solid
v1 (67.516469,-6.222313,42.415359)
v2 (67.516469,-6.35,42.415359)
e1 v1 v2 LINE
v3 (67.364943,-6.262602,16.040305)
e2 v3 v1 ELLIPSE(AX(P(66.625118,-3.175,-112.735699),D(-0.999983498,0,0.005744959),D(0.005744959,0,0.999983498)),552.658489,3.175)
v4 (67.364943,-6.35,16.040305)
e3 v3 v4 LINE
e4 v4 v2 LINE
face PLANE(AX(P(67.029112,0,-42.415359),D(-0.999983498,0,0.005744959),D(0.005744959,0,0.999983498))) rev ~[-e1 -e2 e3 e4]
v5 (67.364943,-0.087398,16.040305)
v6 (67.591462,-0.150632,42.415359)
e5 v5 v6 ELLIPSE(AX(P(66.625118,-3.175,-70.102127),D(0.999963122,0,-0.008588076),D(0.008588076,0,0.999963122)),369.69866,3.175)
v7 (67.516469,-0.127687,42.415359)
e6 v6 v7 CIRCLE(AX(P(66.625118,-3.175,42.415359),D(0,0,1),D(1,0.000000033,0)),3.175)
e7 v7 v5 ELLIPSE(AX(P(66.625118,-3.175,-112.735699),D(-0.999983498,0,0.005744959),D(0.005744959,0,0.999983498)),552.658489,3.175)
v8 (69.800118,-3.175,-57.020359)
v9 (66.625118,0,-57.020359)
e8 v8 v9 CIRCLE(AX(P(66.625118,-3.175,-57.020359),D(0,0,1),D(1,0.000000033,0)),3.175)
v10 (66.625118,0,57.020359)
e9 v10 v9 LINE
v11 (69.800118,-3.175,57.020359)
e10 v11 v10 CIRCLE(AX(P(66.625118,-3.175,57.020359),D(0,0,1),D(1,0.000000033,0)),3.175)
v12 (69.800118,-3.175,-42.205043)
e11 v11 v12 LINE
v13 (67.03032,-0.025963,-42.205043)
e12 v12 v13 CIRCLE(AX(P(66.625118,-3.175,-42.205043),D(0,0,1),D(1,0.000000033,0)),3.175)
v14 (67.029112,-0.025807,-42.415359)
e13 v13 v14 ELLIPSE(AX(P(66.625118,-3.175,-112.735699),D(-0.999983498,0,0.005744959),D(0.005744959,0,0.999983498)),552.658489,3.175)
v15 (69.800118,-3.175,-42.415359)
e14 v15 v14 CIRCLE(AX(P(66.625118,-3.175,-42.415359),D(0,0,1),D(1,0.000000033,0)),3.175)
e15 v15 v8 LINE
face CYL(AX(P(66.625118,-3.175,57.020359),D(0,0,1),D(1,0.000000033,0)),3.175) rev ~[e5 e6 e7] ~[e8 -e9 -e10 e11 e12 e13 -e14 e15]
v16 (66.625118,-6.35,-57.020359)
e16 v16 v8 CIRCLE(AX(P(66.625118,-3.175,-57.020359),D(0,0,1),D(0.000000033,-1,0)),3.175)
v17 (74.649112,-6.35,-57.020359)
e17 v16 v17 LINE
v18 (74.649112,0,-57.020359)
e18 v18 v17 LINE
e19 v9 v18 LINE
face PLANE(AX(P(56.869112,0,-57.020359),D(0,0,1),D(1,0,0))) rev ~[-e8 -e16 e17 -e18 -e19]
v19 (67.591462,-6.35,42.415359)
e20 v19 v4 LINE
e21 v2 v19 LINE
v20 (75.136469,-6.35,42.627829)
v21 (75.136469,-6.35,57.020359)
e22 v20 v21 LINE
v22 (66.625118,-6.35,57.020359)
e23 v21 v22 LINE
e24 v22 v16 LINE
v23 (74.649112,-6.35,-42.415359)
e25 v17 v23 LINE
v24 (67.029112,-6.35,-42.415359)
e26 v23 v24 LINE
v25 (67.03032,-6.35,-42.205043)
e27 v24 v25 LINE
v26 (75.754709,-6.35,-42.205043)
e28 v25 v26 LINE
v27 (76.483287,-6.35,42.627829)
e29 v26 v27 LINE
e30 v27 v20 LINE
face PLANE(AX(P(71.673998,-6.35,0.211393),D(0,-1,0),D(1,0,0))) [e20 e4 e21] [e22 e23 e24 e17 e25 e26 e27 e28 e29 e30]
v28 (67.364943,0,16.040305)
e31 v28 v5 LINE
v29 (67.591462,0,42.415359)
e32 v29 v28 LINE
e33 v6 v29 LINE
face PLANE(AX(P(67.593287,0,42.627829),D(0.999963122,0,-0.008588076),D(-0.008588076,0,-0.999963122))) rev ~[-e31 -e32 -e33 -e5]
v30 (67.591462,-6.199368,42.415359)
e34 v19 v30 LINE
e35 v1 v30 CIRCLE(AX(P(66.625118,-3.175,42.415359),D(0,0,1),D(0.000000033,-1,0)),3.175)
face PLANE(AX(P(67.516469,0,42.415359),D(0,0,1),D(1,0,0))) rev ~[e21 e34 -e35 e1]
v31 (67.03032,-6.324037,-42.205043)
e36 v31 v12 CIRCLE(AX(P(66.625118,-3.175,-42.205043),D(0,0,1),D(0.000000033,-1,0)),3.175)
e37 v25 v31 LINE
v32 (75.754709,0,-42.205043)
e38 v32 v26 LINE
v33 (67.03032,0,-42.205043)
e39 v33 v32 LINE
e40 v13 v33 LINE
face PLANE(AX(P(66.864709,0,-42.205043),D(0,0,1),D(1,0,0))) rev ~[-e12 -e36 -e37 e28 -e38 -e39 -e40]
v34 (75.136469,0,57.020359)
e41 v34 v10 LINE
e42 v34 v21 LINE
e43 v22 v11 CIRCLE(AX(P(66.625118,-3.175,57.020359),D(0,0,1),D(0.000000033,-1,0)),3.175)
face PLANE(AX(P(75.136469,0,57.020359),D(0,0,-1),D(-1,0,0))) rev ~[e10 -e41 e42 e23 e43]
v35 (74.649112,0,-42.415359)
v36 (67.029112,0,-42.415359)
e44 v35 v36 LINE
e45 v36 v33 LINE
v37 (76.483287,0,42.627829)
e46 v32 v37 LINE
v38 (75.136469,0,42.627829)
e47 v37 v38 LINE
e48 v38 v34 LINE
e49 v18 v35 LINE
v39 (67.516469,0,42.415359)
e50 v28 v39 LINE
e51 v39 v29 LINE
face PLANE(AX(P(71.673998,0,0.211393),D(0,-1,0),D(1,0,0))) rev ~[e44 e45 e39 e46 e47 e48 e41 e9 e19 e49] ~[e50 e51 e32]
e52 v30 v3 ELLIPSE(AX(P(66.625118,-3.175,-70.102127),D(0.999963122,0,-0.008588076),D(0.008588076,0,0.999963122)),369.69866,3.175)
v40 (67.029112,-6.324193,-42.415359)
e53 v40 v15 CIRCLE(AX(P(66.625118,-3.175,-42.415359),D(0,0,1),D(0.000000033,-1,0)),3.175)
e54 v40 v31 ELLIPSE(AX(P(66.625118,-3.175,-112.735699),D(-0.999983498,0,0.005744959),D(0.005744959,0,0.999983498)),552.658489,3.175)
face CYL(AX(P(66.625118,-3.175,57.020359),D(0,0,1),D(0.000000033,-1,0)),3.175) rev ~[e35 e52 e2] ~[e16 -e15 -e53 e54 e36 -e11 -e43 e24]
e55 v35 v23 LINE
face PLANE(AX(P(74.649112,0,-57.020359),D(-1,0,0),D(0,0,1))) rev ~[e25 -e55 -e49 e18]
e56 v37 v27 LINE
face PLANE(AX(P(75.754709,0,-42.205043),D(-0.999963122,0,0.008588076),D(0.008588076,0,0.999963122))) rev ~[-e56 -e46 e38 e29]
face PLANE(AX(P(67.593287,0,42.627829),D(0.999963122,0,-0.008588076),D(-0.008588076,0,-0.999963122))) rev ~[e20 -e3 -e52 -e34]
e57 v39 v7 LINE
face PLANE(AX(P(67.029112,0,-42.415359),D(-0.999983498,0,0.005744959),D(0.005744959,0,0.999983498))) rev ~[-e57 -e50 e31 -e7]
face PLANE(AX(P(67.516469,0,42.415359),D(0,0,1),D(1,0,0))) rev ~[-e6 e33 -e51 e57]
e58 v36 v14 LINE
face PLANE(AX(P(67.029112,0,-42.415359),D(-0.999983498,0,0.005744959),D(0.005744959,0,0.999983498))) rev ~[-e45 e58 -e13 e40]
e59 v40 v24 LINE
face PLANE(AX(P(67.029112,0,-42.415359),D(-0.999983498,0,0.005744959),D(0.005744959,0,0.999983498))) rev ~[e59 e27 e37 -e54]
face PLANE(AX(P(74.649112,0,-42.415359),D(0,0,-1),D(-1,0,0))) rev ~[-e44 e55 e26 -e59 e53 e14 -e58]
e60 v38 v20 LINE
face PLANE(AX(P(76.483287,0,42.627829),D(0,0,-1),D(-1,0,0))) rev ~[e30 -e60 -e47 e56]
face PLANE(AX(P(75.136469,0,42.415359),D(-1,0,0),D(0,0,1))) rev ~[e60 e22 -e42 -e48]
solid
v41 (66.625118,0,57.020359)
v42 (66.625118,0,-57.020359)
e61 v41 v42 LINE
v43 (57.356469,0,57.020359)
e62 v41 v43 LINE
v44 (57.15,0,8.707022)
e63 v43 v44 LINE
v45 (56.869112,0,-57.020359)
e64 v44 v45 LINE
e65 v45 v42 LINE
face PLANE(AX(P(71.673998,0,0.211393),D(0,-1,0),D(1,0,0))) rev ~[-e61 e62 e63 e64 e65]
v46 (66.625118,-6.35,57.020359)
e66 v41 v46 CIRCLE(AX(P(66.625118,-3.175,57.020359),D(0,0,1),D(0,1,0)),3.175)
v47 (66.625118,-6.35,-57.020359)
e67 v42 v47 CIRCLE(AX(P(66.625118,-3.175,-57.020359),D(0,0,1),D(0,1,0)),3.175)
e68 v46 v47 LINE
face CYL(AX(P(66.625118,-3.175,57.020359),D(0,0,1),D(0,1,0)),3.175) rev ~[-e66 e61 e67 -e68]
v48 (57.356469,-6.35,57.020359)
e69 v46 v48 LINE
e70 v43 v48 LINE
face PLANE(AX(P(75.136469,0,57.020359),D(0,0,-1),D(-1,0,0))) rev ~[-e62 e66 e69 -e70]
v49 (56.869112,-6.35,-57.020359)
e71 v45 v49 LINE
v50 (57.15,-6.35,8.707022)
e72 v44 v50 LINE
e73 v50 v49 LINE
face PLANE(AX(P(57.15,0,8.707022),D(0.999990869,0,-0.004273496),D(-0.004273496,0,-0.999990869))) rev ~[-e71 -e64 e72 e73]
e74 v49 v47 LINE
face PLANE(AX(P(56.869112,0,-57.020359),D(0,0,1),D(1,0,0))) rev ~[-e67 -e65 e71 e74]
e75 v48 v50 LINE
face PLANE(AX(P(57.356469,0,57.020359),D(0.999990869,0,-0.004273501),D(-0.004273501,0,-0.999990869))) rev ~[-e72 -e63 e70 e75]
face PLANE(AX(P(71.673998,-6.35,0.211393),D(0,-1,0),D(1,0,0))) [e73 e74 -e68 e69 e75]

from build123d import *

# Parameters (mm, degrees)
F3_DEPTH = 6.35
F4_DEPTH = 6.35
F6_DEPTH = 114.041717


with BuildPart() as f3:
    # F1 (on face) → F3 (new body)
    with BuildSketch(Plane.XZ):
        Polygon((75.136469, 57.020359), (57.356469, 57.020359), (57.15, 8.707022), (57.15, -57.020359), (74.649112, -57.020359), (74.649112, -42.415359), (67.029112, -42.415359), (67.516469, 42.415359), (75.136469, 42.415359), align=None)
        Polygon((75.136469, 57.020359), (57.356469, 57.020359), (56.869112, -57.020359), (74.649112, -57.020359), (74.649112, -42.415359), (67.029112, -42.415359), (67.516469, 42.415359), (75.136469, 42.415359), align=None)
    extrude(amount=F3_DEPTH)

    # F2 (on face) → F4 (join)
    with BuildSketch(Plane.XZ):
        Polygon((76.483287, 42.627829), (67.593287, 42.627829), (66.864709, -42.205043), (75.754709, -42.205043), align=None)
    extrude(amount=F4_DEPTH)

    # F5 (on face) → F6 (cut, through all)
    with BuildSketch(Plane.XY.offset(57.020359)):
        with BuildLine():
            ThreePointArc((66.625118, -6.35), (68.870182, -5.420064), (69.800118, -3.175))
            ThreePointArc((69.800118, -3.175), (68.870182, -0.929936), (66.625118, 0))
            ThreePointArc((66.625118, 0), (63.450118, -3.175), (66.625118, -6.35))
        make_face()
    extrude(amount=-F6_DEPTH, mode=Mode.SUBTRACT)


solid = f3.part
